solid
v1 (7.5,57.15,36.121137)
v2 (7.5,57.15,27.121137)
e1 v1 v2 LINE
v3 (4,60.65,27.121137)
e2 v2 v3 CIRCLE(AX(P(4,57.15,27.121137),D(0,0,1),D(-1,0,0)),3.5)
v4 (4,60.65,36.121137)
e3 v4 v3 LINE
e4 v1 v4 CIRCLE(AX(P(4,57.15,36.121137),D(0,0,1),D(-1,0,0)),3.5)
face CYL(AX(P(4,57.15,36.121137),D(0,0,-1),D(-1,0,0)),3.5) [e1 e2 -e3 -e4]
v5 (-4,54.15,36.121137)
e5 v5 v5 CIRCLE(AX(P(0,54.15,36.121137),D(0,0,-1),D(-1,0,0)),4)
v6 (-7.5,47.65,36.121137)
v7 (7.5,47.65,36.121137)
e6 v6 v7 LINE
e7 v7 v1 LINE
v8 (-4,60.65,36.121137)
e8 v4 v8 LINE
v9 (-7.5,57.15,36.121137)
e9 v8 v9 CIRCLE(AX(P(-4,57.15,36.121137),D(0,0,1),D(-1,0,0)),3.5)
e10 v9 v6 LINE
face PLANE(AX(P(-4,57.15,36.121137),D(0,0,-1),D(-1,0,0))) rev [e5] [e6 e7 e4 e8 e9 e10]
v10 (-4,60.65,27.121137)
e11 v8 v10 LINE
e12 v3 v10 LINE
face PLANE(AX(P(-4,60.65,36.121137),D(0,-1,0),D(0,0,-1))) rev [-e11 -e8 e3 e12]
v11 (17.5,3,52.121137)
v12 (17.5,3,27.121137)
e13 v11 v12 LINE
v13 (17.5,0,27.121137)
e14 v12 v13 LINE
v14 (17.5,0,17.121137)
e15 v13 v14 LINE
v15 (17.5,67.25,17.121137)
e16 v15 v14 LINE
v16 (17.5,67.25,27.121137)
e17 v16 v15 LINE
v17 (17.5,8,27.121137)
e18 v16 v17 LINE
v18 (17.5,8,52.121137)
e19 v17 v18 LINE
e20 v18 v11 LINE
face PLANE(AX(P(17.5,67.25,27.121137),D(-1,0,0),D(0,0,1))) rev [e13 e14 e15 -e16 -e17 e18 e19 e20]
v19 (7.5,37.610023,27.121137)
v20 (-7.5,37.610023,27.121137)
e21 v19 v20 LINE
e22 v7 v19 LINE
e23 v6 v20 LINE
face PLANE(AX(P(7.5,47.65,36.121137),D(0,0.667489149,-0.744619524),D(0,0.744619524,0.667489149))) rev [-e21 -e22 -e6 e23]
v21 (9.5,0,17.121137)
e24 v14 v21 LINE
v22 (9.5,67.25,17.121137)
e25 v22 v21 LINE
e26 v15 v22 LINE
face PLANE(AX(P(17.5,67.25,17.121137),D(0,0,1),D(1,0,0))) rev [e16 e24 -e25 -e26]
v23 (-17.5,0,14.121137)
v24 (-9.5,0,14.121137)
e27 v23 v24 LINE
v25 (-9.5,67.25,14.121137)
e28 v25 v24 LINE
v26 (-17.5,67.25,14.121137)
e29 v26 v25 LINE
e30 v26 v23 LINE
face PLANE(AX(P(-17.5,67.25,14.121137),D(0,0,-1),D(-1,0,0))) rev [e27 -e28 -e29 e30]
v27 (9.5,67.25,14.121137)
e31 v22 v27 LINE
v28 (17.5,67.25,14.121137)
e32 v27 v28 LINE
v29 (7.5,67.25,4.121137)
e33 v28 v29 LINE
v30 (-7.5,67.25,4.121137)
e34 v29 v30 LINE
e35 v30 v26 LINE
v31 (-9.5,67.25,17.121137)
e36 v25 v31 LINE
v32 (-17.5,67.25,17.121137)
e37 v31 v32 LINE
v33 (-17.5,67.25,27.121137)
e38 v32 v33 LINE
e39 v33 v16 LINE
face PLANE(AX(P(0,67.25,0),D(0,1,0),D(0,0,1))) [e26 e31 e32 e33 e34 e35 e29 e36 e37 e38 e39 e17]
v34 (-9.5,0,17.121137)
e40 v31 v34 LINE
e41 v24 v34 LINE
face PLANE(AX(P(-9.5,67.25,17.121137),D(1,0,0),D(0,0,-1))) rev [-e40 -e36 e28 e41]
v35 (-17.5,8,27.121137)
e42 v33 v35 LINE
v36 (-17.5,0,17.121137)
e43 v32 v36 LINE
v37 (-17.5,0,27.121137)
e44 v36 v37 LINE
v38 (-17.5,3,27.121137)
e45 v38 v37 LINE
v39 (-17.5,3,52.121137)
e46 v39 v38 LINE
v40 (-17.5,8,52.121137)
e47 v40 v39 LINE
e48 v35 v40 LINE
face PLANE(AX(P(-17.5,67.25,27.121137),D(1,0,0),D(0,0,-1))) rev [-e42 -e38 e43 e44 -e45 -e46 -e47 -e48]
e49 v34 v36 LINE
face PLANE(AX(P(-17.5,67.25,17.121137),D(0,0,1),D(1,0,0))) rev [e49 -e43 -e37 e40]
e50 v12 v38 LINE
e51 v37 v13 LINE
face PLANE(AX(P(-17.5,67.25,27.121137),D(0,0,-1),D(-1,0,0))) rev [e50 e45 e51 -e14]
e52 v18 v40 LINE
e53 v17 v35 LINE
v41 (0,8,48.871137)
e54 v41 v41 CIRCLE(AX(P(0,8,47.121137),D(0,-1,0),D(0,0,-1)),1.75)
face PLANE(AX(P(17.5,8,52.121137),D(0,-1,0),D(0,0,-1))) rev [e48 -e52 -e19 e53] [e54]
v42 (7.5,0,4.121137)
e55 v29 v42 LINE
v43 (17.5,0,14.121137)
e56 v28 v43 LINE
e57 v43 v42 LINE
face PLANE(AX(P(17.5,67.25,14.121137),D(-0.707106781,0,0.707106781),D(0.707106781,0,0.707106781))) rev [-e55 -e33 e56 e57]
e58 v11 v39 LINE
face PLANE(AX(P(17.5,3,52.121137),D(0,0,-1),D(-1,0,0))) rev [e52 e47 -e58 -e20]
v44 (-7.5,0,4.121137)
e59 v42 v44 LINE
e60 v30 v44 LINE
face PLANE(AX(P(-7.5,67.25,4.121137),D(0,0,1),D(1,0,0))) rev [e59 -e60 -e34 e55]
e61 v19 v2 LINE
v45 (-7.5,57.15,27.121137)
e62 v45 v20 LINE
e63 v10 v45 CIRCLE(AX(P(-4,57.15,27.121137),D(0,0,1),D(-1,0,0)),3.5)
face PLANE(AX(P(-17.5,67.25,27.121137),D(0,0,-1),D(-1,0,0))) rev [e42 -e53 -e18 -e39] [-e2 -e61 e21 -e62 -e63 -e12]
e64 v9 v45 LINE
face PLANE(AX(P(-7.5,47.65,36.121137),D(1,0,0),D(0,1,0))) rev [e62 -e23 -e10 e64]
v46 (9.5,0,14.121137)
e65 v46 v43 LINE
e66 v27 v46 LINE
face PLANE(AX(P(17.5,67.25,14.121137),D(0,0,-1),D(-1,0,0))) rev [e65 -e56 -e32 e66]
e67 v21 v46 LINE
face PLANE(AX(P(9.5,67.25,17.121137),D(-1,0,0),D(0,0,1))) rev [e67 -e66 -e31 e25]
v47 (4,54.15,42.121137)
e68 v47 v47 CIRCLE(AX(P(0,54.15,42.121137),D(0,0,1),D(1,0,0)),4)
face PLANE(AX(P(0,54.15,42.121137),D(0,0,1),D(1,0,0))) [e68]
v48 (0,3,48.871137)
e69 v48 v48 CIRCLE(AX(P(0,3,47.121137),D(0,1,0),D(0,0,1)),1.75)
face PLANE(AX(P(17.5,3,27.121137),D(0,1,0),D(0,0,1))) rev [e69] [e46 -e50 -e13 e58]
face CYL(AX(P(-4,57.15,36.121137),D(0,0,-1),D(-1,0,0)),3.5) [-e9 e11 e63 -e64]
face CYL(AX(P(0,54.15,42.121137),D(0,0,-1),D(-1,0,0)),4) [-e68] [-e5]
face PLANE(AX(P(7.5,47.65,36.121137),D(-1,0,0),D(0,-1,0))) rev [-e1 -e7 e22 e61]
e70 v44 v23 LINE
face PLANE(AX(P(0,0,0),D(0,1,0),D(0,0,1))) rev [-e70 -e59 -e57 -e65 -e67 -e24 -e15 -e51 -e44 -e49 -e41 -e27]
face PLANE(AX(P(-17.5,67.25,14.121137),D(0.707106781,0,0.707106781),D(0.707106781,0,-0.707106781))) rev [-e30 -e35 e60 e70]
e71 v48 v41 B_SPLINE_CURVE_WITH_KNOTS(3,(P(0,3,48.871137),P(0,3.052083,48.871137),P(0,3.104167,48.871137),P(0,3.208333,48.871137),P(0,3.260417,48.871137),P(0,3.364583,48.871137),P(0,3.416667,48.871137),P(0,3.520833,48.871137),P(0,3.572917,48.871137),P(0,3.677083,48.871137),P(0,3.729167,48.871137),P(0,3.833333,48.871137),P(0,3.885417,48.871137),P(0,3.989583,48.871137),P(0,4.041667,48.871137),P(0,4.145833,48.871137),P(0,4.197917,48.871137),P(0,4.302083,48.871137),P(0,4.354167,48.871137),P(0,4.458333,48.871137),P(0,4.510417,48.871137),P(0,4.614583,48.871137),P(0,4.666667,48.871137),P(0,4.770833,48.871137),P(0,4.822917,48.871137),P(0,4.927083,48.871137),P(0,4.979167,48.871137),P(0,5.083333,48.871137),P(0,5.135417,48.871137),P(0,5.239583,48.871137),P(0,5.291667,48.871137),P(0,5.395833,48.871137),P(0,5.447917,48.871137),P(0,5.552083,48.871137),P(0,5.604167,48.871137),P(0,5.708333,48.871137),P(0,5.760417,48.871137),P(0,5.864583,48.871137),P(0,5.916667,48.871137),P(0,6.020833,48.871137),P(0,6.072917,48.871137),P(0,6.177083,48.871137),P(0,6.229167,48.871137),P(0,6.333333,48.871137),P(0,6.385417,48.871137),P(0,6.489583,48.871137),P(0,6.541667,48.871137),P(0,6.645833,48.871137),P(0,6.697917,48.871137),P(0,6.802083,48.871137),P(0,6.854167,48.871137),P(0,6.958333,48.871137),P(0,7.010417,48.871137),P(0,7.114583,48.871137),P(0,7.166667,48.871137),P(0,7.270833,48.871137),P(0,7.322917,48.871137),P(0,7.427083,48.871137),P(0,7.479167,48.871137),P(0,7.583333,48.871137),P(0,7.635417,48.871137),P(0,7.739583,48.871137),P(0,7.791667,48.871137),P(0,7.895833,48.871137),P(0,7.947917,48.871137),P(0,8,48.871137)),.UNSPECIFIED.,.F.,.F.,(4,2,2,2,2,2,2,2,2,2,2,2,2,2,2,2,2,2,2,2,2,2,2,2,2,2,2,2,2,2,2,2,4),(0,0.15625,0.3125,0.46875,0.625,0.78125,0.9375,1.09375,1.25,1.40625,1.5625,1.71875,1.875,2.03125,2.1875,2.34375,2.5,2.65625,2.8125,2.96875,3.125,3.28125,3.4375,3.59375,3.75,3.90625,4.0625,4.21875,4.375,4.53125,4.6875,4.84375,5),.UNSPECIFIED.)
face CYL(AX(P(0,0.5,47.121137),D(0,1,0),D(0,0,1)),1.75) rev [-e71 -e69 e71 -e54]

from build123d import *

# Parameters (mm, degrees)
SALIENTE_EXTRUIR1_DEPTH  = 67.25
CROQUIS7_R               = 4
SALIENTE_EXTRUIR2_DEPTH  = 15
SALIENTE_EXTRUIR9_DEPTH  = 7.5
CROQUIS15_R              = 4
SALIENTE_EXTRUIR15_DEPTH = 9
CROQUIS17_W              = 25
CROQUIS17_H              = 5
SALIENTE_EXTRUIR16_DEPTH = 17.5
CROQUIS18_R              = 1.75
CORTAR_EXTRUIR3_DEPTH    = 7.5


with BuildPart() as part:
    # Croquis2 → Saliente-Extruir1 (new body)
    with BuildSketch(Plane(origin=(0, 0, 0), x_dir=(1, 0, 0), z_dir=(0, 1, 0))):
        Polygon((-17.5, -27.121137051), (17.5, -27.121137051), (17.5, -17.121137051), (9.5, -17.121137051), (9.5, -14.121137051), (17.5, -14.121137051), (7.5, -4.121137051), (-7.5, -4.121137051), (-17.5, -14.121137051), (-9.5, -14.121137051), (-9.5, -17.121137051), (-17.5, -17.121137051), align=None)
    extrude(amount=SALIENTE_EXTRUIR1_DEPTH)

    # Croquis7 → Saliente-Extruir2 (add)
    with BuildSketch(Plane.XY.offset(27.121137051)):
        with Locations(Location((0, 54.15, 0), (0, 0, 180))):
            Circle(CROQUIS7_R)
    extrude(amount=SALIENTE_EXTRUIR2_DEPTH)



with BuildPart() as body_2:
    # Croquis8 → Saliente-Extruir9 (new, symmetric)
    with BuildSketch(Plane(origin=(0, 0, 0), x_dir=(0, 0, -1), z_dir=(1, 0, 0))):
        Polygon((-36.121137051, 47.65), (-30.523413607, 47.65), (-27.121137051, 47.65), (-27.121137051, 37.610022974), align=None)
    extrude(amount=SALIENTE_EXTRUIR9_DEPTH, both=True)


with BuildPart() as part_1:
    add(part.part)

    add(body_2.part)  # Saliente-Extruir15 merges body 2
    # Croquis15 → Saliente-Extruir15 (add)
    with BuildSketch(Plane.XY.offset(27.121137051)):
        with BuildLine():
            Line((-7.5, 47.65), (7.5, 47.65))
            Line((7.5, 47.65), (7.5, 57.15))
            ThreePointArc((7.5, 57.15), (6.474873734, 59.624873734), (4, 60.65))
            Line((4, 60.65), (-4, 60.65))
            ThreePointArc((-4, 60.65), (-6.474873734, 59.624873734), (-7.5, 57.15))
            Line((-7.5, 57.15), (-7.5, 47.65))
        make_face()
        with Locations(Location((0, 54.15, 0), (0, 0, 180))):
            Circle(CROQUIS15_R, mode=Mode.SUBTRACT)
    extrude(amount=SALIENTE_EXTRUIR15_DEPTH)

    # Croquis17 → Saliente-Extruir16 (add, symmetric)
    with BuildSketch(Plane(origin=(0, 0, 0), x_dir=(0, 0, -1), z_dir=(1, 0, 0))):
        with Locations((-39.621137051, 5.5)):
            Rectangle(CROQUIS17_W, CROQUIS17_H)
    extrude(amount=SALIENTE_EXTRUIR16_DEPTH, both=True)

    # Croquis18 → Cortar-Extruir3 (cut, symmetric)
    with BuildSketch(Plane(origin=(0, 8, 0), x_dir=(1, 0, 0), z_dir=(0, 1, 0))):
        with Locations(Location((0, -47.121137051, 0), (0, 0, 270))):
            Circle(CROQUIS18_R)
    extrude(amount=CORTAR_EXTRUIR3_DEPTH, both=True, mode=Mode.SUBTRACT)


solid = part_1.part
